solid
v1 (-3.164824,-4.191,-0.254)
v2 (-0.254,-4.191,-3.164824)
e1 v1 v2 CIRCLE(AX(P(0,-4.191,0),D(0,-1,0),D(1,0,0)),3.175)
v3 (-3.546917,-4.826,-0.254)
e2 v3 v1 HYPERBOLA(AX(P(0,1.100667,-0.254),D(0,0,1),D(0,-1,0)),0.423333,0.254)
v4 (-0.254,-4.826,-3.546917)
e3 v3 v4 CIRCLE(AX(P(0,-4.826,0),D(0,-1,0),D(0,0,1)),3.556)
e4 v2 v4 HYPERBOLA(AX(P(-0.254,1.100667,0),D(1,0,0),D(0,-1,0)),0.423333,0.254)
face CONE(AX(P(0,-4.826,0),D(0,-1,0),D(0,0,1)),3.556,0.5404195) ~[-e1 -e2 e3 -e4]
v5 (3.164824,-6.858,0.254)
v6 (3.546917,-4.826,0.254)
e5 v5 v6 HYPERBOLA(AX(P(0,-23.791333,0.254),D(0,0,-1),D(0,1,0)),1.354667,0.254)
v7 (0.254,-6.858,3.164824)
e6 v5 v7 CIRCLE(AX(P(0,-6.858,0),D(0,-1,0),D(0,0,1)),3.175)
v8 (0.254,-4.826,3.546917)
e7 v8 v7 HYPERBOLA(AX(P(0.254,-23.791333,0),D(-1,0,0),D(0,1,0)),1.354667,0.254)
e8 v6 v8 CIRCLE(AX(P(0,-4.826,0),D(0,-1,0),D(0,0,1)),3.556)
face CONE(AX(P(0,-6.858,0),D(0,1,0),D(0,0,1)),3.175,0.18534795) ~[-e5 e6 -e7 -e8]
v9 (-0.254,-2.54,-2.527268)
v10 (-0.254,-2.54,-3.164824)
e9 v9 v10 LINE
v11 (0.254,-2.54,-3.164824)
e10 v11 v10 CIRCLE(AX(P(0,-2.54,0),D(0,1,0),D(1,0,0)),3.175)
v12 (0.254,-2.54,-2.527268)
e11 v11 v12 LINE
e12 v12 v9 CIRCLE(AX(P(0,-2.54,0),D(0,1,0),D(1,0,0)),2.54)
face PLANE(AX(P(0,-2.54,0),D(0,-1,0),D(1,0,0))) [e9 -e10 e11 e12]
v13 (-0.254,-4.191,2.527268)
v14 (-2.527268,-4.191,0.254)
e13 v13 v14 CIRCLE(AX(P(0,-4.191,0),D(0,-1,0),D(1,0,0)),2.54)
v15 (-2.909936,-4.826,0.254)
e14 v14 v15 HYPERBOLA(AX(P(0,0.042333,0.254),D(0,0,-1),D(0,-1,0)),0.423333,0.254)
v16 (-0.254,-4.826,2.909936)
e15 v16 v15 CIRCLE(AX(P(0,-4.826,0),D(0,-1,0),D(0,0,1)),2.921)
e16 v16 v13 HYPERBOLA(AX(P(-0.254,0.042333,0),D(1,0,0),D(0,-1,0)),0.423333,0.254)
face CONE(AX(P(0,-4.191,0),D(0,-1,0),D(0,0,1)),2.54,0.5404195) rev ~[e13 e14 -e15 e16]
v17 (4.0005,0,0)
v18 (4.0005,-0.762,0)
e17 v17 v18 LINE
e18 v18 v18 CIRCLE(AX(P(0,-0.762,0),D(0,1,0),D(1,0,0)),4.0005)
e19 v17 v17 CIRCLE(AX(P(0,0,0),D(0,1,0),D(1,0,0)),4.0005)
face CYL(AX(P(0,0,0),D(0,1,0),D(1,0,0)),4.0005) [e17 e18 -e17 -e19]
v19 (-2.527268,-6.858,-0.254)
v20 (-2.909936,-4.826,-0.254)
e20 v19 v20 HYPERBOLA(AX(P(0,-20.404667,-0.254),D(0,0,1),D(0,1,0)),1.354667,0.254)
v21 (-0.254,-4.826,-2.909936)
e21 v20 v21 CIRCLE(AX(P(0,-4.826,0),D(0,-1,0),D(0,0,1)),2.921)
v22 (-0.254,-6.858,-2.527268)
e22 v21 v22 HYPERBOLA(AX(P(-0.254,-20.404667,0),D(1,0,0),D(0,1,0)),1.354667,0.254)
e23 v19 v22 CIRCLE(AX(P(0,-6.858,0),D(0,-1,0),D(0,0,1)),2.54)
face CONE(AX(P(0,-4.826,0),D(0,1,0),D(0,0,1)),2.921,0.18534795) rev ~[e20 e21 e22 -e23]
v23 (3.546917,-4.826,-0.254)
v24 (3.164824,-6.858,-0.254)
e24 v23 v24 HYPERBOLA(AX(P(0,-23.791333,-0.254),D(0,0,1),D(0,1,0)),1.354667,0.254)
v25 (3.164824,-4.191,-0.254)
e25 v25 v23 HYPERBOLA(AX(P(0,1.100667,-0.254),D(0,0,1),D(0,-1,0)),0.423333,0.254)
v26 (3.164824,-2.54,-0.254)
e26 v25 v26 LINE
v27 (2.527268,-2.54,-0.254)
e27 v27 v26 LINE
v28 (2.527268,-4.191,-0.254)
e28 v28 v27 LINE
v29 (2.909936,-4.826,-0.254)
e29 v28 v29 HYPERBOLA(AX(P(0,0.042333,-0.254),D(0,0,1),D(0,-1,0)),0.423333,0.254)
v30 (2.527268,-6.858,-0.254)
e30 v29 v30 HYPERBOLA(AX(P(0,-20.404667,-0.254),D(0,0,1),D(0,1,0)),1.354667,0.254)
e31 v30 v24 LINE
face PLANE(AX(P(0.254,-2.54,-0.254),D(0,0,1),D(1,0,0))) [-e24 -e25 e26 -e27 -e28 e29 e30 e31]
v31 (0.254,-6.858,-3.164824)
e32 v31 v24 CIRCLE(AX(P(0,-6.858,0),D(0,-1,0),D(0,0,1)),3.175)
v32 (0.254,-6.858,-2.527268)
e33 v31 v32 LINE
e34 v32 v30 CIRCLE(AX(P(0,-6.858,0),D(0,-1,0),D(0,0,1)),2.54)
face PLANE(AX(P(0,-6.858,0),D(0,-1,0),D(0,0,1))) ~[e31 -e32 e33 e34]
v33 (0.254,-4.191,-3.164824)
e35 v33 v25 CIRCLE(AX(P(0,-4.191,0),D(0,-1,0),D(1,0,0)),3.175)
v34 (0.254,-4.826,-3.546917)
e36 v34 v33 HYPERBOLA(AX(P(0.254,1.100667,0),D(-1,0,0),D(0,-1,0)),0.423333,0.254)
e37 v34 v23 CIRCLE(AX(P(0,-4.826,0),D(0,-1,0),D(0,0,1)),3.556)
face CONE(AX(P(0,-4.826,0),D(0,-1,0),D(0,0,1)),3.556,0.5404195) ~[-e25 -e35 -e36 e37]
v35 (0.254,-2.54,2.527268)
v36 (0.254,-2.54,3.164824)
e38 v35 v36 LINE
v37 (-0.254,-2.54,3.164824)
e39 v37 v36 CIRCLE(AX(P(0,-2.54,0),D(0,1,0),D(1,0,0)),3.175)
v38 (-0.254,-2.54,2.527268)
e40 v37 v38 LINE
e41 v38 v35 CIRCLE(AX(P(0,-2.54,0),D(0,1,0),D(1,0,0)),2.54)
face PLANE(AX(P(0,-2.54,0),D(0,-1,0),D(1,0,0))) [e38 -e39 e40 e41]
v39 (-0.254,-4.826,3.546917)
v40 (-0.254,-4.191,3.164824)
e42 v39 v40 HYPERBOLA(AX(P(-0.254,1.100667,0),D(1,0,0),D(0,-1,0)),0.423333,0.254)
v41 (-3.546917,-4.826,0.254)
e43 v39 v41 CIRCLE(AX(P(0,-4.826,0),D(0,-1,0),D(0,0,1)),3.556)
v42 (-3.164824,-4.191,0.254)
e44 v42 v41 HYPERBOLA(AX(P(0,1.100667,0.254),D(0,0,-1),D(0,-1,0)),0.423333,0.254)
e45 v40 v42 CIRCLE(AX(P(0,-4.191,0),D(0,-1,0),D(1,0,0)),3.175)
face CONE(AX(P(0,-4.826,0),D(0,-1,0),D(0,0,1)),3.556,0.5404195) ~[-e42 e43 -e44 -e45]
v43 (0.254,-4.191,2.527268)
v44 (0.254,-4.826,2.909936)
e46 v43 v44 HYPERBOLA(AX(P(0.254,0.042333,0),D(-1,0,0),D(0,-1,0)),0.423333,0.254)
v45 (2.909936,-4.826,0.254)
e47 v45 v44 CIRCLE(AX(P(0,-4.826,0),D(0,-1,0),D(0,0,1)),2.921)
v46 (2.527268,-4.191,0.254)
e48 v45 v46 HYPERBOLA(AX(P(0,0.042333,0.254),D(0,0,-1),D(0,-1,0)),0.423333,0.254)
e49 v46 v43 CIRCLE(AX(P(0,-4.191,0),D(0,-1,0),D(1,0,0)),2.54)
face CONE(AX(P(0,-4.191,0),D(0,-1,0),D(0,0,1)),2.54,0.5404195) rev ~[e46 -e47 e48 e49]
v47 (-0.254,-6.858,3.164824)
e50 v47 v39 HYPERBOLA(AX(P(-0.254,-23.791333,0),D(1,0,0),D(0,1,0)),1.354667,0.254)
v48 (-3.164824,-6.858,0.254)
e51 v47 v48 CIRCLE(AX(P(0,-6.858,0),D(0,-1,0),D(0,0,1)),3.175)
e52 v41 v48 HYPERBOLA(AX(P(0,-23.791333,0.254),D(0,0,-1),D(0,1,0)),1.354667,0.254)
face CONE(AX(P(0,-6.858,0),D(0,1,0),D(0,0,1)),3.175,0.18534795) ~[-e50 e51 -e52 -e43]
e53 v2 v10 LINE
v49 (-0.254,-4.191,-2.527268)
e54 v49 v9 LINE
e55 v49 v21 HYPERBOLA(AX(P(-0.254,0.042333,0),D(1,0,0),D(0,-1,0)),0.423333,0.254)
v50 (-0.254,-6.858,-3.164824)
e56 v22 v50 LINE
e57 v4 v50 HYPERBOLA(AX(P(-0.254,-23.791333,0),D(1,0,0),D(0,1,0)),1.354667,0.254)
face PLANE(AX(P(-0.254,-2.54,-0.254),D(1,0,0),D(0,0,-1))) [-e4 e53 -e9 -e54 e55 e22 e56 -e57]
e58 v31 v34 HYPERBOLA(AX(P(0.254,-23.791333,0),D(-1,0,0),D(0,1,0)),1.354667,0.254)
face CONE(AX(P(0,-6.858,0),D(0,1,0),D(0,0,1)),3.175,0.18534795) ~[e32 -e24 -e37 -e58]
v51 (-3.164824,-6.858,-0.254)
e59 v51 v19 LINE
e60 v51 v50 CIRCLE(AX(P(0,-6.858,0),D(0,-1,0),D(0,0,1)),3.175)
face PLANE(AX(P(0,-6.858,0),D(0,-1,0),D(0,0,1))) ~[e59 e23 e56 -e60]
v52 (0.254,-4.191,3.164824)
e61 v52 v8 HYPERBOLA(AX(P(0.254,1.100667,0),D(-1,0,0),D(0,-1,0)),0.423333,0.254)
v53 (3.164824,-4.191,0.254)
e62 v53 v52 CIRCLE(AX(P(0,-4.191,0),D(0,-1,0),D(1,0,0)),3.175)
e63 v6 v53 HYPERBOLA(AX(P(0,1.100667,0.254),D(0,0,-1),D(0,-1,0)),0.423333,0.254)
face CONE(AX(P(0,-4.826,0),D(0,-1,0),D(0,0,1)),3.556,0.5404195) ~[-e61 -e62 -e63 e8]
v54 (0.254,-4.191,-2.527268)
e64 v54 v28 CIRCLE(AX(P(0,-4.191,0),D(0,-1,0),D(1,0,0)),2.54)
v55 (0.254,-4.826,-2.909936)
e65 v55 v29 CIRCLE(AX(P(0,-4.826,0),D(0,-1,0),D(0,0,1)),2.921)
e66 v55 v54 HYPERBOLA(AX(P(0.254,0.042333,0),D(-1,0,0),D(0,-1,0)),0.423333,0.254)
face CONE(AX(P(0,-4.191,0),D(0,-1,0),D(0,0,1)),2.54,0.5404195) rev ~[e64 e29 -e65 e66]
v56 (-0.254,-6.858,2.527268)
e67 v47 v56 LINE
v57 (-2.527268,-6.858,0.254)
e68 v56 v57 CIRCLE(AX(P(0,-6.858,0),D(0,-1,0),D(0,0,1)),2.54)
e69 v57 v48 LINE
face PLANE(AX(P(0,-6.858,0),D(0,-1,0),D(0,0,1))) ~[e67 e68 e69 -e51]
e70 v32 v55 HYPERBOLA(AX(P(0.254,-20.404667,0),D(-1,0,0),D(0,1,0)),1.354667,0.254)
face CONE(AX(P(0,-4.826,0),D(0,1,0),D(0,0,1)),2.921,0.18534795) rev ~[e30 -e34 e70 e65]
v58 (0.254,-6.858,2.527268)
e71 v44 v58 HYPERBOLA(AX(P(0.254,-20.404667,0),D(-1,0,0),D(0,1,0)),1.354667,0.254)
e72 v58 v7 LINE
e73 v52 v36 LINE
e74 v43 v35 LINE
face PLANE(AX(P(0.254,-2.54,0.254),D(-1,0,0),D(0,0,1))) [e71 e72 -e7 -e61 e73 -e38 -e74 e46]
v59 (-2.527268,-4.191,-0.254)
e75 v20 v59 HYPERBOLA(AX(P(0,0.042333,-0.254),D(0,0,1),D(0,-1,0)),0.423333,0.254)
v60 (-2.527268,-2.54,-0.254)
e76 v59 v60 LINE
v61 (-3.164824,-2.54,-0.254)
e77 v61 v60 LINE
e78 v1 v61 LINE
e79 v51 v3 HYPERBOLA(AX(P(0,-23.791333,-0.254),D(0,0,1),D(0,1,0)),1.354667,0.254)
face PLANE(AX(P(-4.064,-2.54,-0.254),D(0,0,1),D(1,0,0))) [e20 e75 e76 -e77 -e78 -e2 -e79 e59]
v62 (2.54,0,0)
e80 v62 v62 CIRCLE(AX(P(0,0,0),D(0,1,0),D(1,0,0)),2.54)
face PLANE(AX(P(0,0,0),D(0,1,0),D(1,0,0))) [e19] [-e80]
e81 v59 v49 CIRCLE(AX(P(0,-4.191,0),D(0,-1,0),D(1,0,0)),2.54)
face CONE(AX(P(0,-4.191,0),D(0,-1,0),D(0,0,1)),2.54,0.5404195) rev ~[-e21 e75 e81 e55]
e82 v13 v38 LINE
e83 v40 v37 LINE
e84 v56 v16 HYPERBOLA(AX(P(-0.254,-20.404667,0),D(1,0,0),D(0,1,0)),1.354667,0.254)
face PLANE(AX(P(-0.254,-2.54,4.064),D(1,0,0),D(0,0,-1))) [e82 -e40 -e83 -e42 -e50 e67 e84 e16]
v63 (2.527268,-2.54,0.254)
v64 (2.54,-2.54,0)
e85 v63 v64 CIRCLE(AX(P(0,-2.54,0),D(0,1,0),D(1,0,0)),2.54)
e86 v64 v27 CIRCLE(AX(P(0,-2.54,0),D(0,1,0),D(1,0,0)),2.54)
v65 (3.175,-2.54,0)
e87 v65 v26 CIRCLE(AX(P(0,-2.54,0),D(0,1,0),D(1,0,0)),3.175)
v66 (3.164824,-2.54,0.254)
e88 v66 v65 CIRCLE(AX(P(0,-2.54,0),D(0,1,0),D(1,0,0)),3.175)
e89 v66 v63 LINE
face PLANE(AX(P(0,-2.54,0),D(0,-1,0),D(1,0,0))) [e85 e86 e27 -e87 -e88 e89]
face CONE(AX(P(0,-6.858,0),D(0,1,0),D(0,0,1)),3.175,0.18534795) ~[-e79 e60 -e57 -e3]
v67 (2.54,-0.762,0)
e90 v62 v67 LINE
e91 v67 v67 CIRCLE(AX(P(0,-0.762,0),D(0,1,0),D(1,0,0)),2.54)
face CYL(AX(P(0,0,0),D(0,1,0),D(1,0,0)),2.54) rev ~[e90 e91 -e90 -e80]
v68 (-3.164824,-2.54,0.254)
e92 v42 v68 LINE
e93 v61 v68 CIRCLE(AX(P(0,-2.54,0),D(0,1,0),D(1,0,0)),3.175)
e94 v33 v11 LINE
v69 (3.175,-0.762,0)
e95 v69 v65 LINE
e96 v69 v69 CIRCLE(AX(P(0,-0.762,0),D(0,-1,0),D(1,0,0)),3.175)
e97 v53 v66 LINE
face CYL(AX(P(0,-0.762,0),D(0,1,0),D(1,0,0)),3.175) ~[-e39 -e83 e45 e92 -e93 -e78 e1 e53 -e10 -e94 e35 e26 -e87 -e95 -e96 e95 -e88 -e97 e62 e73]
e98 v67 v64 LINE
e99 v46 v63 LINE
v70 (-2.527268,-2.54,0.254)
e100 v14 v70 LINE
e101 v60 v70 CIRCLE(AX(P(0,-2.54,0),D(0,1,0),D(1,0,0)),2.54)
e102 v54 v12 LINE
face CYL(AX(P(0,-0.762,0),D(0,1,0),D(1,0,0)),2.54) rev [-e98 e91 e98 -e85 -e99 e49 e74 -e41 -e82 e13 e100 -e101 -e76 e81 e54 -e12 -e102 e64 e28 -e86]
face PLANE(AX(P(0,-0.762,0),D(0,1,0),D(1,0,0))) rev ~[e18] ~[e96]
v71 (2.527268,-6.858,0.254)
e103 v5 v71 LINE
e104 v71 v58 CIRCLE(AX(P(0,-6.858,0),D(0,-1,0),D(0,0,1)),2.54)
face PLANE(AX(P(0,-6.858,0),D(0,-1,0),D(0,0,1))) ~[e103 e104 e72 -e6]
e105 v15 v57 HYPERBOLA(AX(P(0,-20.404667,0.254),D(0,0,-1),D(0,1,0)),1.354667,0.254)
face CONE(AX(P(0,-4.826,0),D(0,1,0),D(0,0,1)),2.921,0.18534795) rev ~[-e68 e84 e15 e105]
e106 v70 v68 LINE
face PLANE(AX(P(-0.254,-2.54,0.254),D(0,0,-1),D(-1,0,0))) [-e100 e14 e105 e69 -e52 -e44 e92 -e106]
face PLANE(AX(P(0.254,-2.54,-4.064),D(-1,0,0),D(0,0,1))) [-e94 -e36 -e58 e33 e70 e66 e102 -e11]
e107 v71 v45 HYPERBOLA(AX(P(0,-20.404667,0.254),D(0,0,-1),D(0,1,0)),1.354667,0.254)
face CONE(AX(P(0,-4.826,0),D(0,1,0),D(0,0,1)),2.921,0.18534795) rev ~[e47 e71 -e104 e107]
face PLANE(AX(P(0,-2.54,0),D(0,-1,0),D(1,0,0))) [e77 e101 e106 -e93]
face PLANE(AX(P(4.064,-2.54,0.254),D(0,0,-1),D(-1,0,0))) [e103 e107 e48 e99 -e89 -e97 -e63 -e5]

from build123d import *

# Parameters (mm, degrees)
SKETCH1_R          = 4.0005
SKETCH1_R_2        = 2.54
EXTRUDE1_DEPTH     = 0.762
SKETCH2_R          = 3.175
SKETCH2_R_2        = 2.54
EXTRUDE2_DEPTH     = 3.429
CUT_EXTRUDE1_DEPTH = 5.318


with BuildPart() as part:
    # Sketch1 → Extrude1 (new body)
    with BuildSketch(Plane(origin=(0, 0, 0), x_dir=(1, 0, 0), z_dir=(0, 1, 0))):
        Circle(SKETCH1_R)
        Circle(SKETCH1_R_2, mode=Mode.SUBTRACT)
    extrude(amount=-EXTRUDE1_DEPTH)

    # Sketch2 → Extrude2 (add)
    with BuildSketch(Plane.XZ.offset(0.762)):
        Circle(SKETCH2_R)
        Circle(SKETCH2_R_2, mode=Mode.SUBTRACT)
    extrude(amount=EXTRUDE2_DEPTH)

    # Sketch3 → Revolve1 (revolve)
    with BuildSketch(Plane(origin=(0, 0, 0), x_dir=(0, 0, -1), z_dir=(1, 0, 0))):
        Polygon((-3.175, -4.191), (-2.54, -4.191), (-2.921, -4.826), (-2.54, -6.858), (-3.175, -6.858), (-3.556, -4.826), align=None)
    revolve(axis=Axis((0, 1.21490396, 0), (0, -1, 0)))

    # Sketch5 → Cut-Extrude1 (cut, through all)
    with BuildSketch(Plane.XZ.offset(2.54)):
        Polygon((-0.254, 0.254), (-4.064, 0.254), (-4.064, -0.254), (-0.254, -0.254), (-0.254, -4.064), (0.254, -4.064), (0.254, -0.254), (4.064, -0.254), (4.064, 0.254), (0.254, 0.254), (0.254, 4.064), (-0.254, 4.064), align=None)
    extrude(amount=CUT_EXTRUDE1_DEPTH, mode=Mode.SUBTRACT)


solid = part.part
